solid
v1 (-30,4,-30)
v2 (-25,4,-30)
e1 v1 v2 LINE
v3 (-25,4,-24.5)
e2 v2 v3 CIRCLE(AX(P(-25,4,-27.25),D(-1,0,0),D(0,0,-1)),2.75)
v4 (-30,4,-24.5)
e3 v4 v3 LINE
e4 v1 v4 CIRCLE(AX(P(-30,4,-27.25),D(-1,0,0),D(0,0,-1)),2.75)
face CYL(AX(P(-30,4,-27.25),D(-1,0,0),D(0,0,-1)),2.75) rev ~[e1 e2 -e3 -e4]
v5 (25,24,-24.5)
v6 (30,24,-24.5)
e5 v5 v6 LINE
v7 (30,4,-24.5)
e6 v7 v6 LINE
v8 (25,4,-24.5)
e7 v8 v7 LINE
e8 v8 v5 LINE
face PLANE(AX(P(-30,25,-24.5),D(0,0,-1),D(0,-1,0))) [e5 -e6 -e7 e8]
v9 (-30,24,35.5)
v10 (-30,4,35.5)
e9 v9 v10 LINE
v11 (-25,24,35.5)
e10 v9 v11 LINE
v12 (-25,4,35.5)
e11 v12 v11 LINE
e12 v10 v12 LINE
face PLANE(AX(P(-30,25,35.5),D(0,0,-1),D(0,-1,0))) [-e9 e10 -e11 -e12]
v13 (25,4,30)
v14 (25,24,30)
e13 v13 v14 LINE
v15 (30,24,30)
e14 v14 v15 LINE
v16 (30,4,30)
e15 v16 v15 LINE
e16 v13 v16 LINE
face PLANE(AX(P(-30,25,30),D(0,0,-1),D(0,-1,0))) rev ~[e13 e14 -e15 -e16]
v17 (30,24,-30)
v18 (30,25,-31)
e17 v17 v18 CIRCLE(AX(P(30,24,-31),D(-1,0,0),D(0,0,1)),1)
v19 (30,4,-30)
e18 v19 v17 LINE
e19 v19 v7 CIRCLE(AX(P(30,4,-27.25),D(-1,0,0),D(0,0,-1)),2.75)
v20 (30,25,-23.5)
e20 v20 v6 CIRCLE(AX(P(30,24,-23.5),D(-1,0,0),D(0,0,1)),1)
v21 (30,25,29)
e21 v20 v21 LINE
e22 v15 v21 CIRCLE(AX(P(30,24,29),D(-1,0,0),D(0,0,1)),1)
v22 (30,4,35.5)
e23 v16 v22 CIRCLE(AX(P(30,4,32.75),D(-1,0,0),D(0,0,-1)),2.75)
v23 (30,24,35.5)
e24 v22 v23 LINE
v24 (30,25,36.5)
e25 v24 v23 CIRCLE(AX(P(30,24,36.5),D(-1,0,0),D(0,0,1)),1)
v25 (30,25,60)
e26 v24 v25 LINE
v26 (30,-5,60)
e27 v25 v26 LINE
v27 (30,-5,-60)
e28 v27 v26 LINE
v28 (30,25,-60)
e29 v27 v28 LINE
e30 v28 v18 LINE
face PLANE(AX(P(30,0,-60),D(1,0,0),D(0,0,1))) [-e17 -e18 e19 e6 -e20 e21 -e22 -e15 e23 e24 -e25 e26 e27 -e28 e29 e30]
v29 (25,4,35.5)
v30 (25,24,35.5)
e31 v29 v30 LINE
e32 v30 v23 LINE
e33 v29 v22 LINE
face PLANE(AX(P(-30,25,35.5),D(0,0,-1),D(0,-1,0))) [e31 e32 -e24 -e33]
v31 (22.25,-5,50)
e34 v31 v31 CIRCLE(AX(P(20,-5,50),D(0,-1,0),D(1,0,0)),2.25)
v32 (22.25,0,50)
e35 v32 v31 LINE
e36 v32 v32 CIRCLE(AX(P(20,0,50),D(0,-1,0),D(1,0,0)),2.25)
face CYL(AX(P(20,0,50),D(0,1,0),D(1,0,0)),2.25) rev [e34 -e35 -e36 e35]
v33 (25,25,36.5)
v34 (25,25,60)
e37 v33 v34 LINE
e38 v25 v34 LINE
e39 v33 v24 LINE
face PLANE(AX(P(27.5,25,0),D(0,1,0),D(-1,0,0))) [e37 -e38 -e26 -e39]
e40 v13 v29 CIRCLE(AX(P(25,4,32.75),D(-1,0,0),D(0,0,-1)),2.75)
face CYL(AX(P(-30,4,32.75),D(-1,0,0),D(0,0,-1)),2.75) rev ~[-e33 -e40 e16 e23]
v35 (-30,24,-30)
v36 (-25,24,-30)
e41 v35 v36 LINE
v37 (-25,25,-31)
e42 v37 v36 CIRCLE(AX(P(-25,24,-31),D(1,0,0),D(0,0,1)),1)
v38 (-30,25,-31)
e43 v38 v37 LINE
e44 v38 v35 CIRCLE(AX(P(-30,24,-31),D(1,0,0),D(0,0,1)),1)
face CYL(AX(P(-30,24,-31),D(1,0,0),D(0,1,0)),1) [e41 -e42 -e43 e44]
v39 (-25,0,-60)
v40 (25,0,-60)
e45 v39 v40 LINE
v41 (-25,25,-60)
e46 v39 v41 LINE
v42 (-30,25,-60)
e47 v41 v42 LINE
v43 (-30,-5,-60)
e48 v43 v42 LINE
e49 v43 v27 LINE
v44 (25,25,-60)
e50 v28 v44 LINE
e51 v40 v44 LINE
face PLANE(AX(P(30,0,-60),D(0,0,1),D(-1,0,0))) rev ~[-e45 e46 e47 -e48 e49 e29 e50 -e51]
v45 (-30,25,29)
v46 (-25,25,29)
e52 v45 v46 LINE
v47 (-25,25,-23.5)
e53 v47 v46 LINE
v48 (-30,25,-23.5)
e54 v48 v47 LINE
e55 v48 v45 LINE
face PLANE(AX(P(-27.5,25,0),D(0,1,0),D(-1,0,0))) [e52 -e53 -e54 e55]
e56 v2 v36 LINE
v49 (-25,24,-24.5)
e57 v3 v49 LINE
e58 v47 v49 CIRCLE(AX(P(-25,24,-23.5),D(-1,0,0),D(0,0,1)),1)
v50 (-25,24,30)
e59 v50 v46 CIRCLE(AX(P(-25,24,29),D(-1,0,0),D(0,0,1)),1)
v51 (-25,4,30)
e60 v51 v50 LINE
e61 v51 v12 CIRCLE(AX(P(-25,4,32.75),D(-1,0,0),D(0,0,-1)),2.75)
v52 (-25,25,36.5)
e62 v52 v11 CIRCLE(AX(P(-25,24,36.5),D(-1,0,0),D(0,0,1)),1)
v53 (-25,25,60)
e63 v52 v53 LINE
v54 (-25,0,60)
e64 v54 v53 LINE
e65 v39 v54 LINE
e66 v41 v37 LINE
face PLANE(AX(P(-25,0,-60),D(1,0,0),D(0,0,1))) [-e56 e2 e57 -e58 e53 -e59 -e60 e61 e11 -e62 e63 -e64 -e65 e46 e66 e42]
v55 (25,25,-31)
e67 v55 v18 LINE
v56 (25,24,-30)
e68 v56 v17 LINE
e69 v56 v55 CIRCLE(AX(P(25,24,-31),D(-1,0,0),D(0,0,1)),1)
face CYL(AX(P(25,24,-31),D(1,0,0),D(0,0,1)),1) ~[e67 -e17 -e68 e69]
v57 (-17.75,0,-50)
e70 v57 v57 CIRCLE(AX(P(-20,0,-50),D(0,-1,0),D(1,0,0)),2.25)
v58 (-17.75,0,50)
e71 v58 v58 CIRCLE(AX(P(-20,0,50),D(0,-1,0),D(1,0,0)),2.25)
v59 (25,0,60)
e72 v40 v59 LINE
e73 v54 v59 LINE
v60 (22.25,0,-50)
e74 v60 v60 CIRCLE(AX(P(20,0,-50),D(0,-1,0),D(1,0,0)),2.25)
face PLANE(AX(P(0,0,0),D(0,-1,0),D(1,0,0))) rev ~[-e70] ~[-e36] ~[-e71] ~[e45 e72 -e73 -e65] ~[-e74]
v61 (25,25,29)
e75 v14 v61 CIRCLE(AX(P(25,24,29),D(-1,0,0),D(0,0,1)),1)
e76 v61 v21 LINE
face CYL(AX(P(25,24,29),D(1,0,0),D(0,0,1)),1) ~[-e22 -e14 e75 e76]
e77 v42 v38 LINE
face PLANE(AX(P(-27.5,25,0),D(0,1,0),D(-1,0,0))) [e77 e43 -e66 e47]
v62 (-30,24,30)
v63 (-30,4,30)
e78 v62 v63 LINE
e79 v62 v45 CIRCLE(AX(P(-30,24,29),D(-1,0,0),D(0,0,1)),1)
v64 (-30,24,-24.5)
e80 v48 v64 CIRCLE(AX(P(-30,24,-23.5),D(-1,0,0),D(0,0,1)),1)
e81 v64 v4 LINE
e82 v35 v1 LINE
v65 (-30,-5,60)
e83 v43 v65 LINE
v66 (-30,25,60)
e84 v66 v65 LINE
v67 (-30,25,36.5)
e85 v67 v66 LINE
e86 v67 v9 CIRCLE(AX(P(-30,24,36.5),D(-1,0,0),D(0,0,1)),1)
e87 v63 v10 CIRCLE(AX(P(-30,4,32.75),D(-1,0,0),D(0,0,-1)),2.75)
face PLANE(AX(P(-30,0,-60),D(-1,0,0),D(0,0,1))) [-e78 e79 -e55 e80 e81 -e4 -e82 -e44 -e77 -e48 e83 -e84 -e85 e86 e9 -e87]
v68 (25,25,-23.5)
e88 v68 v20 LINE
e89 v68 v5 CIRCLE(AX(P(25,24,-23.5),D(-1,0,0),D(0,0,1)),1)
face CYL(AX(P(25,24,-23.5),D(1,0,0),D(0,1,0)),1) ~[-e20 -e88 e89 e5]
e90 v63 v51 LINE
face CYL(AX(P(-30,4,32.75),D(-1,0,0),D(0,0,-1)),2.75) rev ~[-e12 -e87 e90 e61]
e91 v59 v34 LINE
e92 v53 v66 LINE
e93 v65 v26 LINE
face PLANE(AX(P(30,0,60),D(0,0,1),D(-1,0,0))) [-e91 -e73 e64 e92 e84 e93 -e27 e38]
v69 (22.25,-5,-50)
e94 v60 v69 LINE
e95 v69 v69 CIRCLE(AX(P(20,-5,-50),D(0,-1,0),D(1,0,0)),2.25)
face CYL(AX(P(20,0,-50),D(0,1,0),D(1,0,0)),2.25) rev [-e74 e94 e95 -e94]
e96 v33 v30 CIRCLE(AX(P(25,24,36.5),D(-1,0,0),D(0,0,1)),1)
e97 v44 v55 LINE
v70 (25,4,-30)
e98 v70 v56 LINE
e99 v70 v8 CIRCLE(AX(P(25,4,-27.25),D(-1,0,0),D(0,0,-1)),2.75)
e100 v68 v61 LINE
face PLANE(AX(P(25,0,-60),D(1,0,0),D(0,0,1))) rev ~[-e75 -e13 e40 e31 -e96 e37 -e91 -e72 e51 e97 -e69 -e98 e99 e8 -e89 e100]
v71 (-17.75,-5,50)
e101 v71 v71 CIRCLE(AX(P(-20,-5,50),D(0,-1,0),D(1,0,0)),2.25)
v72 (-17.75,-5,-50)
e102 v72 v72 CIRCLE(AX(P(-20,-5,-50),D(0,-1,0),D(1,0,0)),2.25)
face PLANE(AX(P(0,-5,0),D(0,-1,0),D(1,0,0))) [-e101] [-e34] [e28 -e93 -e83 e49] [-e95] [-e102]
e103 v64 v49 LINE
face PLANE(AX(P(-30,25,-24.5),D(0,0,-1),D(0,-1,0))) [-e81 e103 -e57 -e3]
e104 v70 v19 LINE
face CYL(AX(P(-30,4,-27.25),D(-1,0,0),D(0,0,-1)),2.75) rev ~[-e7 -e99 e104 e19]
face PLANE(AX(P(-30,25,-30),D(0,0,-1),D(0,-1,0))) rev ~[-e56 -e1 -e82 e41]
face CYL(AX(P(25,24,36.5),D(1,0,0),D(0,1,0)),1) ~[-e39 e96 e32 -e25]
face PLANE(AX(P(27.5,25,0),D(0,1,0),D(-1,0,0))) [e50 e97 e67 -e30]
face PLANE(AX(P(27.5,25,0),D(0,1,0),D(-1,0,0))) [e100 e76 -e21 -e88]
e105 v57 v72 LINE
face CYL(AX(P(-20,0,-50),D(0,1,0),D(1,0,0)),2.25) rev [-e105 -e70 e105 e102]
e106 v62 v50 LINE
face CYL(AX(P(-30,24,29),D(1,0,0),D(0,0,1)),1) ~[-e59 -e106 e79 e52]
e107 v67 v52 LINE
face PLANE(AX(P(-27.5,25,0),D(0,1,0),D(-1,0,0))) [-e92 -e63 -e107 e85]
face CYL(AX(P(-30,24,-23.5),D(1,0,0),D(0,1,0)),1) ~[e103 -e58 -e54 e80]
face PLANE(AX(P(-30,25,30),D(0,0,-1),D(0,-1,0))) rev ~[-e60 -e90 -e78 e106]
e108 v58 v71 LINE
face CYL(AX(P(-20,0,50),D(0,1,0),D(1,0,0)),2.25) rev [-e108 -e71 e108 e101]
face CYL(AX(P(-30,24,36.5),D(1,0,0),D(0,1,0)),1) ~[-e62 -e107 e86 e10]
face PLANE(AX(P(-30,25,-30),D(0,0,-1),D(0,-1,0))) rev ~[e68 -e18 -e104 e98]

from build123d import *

# Parameters (mm, degrees)
F0_W     = 60
F0_H     = 120
F0_R     = 2.25
F1_DEPTH = 5
F2_W     = 5
F2_H     = 120
F3_DEPTH = 25
F4_W     = 21
F4_H     = 5.5
F5_DEPTH = 72
F6_R     = 1


with BuildPart() as f1:
    # F0 (on Front) → F1 (new body)
    with BuildSketch(Plane.XZ):
        Rectangle(F0_W, F0_H)
        with Locations((-20, -50)):
            Circle(F0_R, mode=Mode.SUBTRACT)
        with Locations((20, -50)):
            Circle(F0_R, mode=Mode.SUBTRACT)
        with Locations((-20, 50)):
            Circle(F0_R, mode=Mode.SUBTRACT)
        with Locations((20, 50)):
            Circle(F0_R, mode=Mode.SUBTRACT)
    extrude(amount=F1_DEPTH)

    # F2 (on face) → F3 (join)
    with BuildSketch(Plane(origin=(0, 0, 0), x_dir=(-1, 0, 0), z_dir=(0, 1, 0))):
        with Locations((-27.5, 0)):
            Rectangle(F2_W, F2_H)
        with Locations((27.5, 0)):
            Rectangle(F2_W, F2_H)
    extrude(amount=F3_DEPTH)

    # F4 (on face) → F5 (cut)
    with BuildSketch(Plane(origin=(-30, 0, 0), x_dir=(0, -1, 0), z_dir=(-1, 0, 0))):
        with Locations((-14.5, 32.75)):
            Rectangle(F4_W, F4_H)
        with BuildLine():
            ThreePointArc((-4, 30), (-1.25, 32.75), (-4, 35.5))
            Line((-4, 35.5), (-4, 30))
        make_face()
        with Locations((-14.5, -27.25)):
            Rectangle(F4_W, F4_H)
        with BuildLine():
            ThreePointArc((-4, -30), (-1.25, -27.25), (-4, -24.5))
            Line((-4, -24.5), (-4, -30))
        make_face()
    extrude(amount=-F5_DEPTH, mode=Mode.SUBTRACT)

    # F6
    f6_edges = [f1.edges().sort_by_distance(p)[0] for p in [
        (-27.5, 25, 35.5),
        (27.5, 25, 30),
        (27.5, 25, 35.5),
        (-27.5, 25, 30),
        (27.5, 25, -24.5),
        (-27.5, 25, -24.5),
        (-27.5, 25, -30),
        (27.5, 25, -30),
    ]]
    fillet(f6_edges, radius=F6_R)


solid = f1.part
